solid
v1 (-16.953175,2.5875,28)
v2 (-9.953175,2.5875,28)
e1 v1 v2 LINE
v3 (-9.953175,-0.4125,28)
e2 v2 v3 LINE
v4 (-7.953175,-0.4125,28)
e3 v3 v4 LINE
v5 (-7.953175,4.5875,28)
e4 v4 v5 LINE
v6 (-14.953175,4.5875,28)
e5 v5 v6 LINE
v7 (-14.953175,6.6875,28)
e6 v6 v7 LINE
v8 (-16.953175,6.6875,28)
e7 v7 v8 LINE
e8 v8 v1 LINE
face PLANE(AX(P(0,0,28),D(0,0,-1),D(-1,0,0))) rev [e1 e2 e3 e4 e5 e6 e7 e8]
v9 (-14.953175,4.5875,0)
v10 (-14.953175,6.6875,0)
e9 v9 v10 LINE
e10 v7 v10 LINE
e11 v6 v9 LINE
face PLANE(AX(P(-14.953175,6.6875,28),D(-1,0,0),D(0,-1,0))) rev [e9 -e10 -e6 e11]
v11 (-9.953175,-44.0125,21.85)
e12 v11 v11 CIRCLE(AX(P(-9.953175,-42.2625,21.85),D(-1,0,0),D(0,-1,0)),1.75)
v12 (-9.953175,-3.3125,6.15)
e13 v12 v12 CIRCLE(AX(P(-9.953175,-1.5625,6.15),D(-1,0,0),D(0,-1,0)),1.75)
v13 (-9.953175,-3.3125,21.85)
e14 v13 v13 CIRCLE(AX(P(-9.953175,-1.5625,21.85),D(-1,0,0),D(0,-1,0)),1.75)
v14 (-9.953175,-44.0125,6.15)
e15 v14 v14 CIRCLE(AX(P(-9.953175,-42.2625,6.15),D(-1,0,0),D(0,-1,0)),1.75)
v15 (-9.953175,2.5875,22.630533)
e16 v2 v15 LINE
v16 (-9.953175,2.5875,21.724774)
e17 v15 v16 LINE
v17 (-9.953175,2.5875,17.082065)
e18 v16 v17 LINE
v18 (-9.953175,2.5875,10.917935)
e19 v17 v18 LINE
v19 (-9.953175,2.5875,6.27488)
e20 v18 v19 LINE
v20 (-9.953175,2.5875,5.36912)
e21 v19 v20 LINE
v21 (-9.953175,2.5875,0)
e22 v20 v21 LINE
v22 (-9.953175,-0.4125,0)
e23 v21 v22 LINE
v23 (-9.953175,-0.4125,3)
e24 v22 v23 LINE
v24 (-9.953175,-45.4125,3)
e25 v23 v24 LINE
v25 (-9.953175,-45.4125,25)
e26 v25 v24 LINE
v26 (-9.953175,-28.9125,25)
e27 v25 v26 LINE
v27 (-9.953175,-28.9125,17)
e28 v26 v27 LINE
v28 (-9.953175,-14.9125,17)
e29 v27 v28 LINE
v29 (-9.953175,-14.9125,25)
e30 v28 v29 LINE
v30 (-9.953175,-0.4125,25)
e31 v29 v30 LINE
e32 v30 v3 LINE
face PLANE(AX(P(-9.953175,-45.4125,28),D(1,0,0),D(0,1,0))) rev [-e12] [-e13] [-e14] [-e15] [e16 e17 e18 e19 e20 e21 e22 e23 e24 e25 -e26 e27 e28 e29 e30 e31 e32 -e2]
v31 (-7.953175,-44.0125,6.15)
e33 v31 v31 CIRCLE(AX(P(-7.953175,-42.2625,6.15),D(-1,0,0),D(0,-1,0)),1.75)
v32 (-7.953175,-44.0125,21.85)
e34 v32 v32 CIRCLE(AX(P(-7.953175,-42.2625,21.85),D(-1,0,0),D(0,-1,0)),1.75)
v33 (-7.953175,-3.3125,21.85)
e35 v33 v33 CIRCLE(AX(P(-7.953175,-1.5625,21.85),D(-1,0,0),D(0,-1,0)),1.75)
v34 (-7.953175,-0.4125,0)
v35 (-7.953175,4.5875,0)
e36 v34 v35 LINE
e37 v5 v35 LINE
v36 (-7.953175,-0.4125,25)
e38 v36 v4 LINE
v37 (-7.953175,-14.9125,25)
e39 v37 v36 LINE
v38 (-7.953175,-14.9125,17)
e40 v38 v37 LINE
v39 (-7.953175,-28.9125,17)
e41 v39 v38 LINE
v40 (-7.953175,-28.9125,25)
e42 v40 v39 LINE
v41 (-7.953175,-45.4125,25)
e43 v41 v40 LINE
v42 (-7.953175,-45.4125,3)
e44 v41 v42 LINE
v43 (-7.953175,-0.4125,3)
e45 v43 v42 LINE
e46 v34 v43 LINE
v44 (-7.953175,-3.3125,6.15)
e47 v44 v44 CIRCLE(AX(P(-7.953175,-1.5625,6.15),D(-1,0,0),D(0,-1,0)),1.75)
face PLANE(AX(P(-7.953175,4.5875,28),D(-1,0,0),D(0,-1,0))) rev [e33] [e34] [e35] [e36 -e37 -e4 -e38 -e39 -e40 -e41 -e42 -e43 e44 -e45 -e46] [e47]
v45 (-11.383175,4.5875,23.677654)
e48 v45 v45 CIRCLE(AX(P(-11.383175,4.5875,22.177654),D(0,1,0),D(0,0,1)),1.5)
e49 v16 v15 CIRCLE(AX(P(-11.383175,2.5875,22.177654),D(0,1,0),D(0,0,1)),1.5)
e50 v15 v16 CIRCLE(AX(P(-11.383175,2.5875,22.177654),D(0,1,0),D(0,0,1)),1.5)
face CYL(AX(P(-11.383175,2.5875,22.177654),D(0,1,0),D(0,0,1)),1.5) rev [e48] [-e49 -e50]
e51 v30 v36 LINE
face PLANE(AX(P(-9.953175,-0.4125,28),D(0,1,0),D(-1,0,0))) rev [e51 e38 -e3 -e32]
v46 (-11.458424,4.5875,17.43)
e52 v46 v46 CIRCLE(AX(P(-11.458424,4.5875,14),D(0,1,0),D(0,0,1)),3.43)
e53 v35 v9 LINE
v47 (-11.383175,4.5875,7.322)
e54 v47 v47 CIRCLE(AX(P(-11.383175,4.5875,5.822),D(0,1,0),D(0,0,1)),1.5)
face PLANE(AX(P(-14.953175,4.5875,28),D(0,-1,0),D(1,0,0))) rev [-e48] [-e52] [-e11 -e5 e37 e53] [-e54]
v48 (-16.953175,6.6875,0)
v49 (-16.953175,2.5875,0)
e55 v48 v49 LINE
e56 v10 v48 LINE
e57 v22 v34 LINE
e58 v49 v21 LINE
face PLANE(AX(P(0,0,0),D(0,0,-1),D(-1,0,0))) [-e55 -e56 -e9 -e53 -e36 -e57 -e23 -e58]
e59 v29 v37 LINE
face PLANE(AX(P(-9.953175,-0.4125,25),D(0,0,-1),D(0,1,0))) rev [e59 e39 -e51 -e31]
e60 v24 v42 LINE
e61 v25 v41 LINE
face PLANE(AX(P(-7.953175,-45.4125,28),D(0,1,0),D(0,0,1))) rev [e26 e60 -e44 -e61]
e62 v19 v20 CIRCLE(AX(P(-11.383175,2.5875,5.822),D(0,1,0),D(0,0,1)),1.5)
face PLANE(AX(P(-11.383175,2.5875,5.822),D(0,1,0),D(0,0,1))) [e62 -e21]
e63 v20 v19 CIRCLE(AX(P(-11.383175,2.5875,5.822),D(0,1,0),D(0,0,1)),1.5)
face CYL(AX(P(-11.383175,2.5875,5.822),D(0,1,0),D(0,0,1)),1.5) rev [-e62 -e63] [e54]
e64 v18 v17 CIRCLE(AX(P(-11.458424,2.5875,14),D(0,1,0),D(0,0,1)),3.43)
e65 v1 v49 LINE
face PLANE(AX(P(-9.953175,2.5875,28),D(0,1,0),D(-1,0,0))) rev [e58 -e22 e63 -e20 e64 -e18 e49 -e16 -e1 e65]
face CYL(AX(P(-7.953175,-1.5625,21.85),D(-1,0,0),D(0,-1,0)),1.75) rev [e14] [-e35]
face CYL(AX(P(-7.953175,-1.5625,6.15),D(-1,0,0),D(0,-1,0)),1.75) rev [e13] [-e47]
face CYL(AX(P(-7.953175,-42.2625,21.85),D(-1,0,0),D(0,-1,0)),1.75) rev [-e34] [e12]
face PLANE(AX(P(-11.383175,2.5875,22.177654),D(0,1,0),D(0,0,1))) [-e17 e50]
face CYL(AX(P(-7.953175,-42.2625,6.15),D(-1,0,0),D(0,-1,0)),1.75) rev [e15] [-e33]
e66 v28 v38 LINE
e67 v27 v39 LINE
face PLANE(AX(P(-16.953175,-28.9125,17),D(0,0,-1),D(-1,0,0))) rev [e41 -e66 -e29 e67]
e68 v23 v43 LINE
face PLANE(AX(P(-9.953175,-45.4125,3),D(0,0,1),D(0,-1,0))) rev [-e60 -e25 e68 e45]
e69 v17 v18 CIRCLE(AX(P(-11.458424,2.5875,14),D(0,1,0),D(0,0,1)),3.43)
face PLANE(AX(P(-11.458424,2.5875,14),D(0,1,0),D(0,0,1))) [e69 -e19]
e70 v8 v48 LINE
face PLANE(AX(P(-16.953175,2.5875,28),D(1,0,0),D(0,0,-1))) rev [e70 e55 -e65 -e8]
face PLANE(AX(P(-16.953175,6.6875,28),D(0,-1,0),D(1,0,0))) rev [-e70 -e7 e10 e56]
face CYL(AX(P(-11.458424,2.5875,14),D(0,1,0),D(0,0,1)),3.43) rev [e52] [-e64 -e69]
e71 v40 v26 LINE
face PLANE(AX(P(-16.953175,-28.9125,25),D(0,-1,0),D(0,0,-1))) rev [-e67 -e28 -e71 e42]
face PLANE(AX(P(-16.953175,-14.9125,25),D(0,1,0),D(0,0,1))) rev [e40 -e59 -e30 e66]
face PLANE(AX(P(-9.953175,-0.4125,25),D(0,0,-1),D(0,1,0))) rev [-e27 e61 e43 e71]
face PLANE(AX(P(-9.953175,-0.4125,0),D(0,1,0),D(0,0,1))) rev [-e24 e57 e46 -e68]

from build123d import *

# Parameters (mm, degrees)
BOSS_EXTRUDE3_DEPTH = 28
SKETCH4_R           = 3.43
SKETCH4_R_2         = 1.5
CUT_EXTRUDE1_DEPTH  = 2
SKETCH6_W           = 3
SKETCH6_H           = 45
CUT_EXTRUDE4_DEPTH  = 2
SKETCH7_R           = 1.75
CUT_EXTRUDE5_DEPTH  = 3
SKETCH10_W          = 8
SKETCH10_H          = 14
CUT_EXTRUDE7_DEPTH  = 10


with BuildPart() as part:
    # Sketch3 → Boss-Extrude3 (new body)
    with BuildSketch(Plane.XY):
        Polygon((-16.953175304, 6.6875), (-14.953175304, 6.6875), (-14.953175304, 4.5875), (-7.953175304, 4.5875), (-7.953175304, -45.4125), (-9.953175304, -45.4125), (-9.953175304, 2.5875), (-16.953175304, 2.5875), align=None)
    extrude(amount=BOSS_EXTRUDE3_DEPTH)

    # Sketch4 → Cut-Extrude1 (cut)
    with BuildSketch(Plane(origin=(0, 4.5875, 0), x_dir=(1, 0, 0), z_dir=(0, 1, 0))):
        with Locations((-11.458423587, -14)):
            Circle(SKETCH4_R)
        with Locations((-11.383175304, -5.822)):
            Circle(SKETCH4_R_2)
        with Locations((-11.383175304, -22.177653801)):
            Circle(SKETCH4_R_2)
    extrude(amount=-CUT_EXTRUDE1_DEPTH, mode=Mode.SUBTRACT)

    # Sketch6 → Cut-Extrude4 (cut)
    with BuildSketch(Plane(origin=(-7.953175304, 0, 0), x_dir=(0, 0, -1), z_dir=(1, 0, 0))):
        with Locations((-26.5, -22.9125)):
            Rectangle(SKETCH6_W, SKETCH6_H)
        with Locations((-1.5, -22.9125)):
            Rectangle(SKETCH6_W, SKETCH6_H)
    extrude(amount=-CUT_EXTRUDE4_DEPTH, mode=Mode.SUBTRACT)

    # Sketch7 → Cut-Extrude5 (cut, through all)
    with BuildSketch(Plane.ZY.offset(9.953175304)):
        with Locations((21.85, -42.2625)):
            Circle(SKETCH7_R)
        with Locations((6.15, -42.2625)):
            Circle(SKETCH7_R)
        with Locations((6.15, -1.5625)):
            Circle(SKETCH7_R)
        with Locations((21.85, -1.5625)):
            Circle(SKETCH7_R)
    extrude(amount=-CUT_EXTRUDE5_DEPTH, mode=Mode.SUBTRACT)

    # Sketch10 → Cut-Extrude7 (cut, through all)
    with BuildSketch(Plane(origin=(-7.953175304, 0, 0), x_dir=(0, 0, -1), z_dir=(1, 0, 0))):
        with Locations((-21, -21.9125)):
            Rectangle(SKETCH10_W, SKETCH10_H)
    extrude(amount=-CUT_EXTRUDE7_DEPTH, mode=Mode.SUBTRACT)


solid = part.part
